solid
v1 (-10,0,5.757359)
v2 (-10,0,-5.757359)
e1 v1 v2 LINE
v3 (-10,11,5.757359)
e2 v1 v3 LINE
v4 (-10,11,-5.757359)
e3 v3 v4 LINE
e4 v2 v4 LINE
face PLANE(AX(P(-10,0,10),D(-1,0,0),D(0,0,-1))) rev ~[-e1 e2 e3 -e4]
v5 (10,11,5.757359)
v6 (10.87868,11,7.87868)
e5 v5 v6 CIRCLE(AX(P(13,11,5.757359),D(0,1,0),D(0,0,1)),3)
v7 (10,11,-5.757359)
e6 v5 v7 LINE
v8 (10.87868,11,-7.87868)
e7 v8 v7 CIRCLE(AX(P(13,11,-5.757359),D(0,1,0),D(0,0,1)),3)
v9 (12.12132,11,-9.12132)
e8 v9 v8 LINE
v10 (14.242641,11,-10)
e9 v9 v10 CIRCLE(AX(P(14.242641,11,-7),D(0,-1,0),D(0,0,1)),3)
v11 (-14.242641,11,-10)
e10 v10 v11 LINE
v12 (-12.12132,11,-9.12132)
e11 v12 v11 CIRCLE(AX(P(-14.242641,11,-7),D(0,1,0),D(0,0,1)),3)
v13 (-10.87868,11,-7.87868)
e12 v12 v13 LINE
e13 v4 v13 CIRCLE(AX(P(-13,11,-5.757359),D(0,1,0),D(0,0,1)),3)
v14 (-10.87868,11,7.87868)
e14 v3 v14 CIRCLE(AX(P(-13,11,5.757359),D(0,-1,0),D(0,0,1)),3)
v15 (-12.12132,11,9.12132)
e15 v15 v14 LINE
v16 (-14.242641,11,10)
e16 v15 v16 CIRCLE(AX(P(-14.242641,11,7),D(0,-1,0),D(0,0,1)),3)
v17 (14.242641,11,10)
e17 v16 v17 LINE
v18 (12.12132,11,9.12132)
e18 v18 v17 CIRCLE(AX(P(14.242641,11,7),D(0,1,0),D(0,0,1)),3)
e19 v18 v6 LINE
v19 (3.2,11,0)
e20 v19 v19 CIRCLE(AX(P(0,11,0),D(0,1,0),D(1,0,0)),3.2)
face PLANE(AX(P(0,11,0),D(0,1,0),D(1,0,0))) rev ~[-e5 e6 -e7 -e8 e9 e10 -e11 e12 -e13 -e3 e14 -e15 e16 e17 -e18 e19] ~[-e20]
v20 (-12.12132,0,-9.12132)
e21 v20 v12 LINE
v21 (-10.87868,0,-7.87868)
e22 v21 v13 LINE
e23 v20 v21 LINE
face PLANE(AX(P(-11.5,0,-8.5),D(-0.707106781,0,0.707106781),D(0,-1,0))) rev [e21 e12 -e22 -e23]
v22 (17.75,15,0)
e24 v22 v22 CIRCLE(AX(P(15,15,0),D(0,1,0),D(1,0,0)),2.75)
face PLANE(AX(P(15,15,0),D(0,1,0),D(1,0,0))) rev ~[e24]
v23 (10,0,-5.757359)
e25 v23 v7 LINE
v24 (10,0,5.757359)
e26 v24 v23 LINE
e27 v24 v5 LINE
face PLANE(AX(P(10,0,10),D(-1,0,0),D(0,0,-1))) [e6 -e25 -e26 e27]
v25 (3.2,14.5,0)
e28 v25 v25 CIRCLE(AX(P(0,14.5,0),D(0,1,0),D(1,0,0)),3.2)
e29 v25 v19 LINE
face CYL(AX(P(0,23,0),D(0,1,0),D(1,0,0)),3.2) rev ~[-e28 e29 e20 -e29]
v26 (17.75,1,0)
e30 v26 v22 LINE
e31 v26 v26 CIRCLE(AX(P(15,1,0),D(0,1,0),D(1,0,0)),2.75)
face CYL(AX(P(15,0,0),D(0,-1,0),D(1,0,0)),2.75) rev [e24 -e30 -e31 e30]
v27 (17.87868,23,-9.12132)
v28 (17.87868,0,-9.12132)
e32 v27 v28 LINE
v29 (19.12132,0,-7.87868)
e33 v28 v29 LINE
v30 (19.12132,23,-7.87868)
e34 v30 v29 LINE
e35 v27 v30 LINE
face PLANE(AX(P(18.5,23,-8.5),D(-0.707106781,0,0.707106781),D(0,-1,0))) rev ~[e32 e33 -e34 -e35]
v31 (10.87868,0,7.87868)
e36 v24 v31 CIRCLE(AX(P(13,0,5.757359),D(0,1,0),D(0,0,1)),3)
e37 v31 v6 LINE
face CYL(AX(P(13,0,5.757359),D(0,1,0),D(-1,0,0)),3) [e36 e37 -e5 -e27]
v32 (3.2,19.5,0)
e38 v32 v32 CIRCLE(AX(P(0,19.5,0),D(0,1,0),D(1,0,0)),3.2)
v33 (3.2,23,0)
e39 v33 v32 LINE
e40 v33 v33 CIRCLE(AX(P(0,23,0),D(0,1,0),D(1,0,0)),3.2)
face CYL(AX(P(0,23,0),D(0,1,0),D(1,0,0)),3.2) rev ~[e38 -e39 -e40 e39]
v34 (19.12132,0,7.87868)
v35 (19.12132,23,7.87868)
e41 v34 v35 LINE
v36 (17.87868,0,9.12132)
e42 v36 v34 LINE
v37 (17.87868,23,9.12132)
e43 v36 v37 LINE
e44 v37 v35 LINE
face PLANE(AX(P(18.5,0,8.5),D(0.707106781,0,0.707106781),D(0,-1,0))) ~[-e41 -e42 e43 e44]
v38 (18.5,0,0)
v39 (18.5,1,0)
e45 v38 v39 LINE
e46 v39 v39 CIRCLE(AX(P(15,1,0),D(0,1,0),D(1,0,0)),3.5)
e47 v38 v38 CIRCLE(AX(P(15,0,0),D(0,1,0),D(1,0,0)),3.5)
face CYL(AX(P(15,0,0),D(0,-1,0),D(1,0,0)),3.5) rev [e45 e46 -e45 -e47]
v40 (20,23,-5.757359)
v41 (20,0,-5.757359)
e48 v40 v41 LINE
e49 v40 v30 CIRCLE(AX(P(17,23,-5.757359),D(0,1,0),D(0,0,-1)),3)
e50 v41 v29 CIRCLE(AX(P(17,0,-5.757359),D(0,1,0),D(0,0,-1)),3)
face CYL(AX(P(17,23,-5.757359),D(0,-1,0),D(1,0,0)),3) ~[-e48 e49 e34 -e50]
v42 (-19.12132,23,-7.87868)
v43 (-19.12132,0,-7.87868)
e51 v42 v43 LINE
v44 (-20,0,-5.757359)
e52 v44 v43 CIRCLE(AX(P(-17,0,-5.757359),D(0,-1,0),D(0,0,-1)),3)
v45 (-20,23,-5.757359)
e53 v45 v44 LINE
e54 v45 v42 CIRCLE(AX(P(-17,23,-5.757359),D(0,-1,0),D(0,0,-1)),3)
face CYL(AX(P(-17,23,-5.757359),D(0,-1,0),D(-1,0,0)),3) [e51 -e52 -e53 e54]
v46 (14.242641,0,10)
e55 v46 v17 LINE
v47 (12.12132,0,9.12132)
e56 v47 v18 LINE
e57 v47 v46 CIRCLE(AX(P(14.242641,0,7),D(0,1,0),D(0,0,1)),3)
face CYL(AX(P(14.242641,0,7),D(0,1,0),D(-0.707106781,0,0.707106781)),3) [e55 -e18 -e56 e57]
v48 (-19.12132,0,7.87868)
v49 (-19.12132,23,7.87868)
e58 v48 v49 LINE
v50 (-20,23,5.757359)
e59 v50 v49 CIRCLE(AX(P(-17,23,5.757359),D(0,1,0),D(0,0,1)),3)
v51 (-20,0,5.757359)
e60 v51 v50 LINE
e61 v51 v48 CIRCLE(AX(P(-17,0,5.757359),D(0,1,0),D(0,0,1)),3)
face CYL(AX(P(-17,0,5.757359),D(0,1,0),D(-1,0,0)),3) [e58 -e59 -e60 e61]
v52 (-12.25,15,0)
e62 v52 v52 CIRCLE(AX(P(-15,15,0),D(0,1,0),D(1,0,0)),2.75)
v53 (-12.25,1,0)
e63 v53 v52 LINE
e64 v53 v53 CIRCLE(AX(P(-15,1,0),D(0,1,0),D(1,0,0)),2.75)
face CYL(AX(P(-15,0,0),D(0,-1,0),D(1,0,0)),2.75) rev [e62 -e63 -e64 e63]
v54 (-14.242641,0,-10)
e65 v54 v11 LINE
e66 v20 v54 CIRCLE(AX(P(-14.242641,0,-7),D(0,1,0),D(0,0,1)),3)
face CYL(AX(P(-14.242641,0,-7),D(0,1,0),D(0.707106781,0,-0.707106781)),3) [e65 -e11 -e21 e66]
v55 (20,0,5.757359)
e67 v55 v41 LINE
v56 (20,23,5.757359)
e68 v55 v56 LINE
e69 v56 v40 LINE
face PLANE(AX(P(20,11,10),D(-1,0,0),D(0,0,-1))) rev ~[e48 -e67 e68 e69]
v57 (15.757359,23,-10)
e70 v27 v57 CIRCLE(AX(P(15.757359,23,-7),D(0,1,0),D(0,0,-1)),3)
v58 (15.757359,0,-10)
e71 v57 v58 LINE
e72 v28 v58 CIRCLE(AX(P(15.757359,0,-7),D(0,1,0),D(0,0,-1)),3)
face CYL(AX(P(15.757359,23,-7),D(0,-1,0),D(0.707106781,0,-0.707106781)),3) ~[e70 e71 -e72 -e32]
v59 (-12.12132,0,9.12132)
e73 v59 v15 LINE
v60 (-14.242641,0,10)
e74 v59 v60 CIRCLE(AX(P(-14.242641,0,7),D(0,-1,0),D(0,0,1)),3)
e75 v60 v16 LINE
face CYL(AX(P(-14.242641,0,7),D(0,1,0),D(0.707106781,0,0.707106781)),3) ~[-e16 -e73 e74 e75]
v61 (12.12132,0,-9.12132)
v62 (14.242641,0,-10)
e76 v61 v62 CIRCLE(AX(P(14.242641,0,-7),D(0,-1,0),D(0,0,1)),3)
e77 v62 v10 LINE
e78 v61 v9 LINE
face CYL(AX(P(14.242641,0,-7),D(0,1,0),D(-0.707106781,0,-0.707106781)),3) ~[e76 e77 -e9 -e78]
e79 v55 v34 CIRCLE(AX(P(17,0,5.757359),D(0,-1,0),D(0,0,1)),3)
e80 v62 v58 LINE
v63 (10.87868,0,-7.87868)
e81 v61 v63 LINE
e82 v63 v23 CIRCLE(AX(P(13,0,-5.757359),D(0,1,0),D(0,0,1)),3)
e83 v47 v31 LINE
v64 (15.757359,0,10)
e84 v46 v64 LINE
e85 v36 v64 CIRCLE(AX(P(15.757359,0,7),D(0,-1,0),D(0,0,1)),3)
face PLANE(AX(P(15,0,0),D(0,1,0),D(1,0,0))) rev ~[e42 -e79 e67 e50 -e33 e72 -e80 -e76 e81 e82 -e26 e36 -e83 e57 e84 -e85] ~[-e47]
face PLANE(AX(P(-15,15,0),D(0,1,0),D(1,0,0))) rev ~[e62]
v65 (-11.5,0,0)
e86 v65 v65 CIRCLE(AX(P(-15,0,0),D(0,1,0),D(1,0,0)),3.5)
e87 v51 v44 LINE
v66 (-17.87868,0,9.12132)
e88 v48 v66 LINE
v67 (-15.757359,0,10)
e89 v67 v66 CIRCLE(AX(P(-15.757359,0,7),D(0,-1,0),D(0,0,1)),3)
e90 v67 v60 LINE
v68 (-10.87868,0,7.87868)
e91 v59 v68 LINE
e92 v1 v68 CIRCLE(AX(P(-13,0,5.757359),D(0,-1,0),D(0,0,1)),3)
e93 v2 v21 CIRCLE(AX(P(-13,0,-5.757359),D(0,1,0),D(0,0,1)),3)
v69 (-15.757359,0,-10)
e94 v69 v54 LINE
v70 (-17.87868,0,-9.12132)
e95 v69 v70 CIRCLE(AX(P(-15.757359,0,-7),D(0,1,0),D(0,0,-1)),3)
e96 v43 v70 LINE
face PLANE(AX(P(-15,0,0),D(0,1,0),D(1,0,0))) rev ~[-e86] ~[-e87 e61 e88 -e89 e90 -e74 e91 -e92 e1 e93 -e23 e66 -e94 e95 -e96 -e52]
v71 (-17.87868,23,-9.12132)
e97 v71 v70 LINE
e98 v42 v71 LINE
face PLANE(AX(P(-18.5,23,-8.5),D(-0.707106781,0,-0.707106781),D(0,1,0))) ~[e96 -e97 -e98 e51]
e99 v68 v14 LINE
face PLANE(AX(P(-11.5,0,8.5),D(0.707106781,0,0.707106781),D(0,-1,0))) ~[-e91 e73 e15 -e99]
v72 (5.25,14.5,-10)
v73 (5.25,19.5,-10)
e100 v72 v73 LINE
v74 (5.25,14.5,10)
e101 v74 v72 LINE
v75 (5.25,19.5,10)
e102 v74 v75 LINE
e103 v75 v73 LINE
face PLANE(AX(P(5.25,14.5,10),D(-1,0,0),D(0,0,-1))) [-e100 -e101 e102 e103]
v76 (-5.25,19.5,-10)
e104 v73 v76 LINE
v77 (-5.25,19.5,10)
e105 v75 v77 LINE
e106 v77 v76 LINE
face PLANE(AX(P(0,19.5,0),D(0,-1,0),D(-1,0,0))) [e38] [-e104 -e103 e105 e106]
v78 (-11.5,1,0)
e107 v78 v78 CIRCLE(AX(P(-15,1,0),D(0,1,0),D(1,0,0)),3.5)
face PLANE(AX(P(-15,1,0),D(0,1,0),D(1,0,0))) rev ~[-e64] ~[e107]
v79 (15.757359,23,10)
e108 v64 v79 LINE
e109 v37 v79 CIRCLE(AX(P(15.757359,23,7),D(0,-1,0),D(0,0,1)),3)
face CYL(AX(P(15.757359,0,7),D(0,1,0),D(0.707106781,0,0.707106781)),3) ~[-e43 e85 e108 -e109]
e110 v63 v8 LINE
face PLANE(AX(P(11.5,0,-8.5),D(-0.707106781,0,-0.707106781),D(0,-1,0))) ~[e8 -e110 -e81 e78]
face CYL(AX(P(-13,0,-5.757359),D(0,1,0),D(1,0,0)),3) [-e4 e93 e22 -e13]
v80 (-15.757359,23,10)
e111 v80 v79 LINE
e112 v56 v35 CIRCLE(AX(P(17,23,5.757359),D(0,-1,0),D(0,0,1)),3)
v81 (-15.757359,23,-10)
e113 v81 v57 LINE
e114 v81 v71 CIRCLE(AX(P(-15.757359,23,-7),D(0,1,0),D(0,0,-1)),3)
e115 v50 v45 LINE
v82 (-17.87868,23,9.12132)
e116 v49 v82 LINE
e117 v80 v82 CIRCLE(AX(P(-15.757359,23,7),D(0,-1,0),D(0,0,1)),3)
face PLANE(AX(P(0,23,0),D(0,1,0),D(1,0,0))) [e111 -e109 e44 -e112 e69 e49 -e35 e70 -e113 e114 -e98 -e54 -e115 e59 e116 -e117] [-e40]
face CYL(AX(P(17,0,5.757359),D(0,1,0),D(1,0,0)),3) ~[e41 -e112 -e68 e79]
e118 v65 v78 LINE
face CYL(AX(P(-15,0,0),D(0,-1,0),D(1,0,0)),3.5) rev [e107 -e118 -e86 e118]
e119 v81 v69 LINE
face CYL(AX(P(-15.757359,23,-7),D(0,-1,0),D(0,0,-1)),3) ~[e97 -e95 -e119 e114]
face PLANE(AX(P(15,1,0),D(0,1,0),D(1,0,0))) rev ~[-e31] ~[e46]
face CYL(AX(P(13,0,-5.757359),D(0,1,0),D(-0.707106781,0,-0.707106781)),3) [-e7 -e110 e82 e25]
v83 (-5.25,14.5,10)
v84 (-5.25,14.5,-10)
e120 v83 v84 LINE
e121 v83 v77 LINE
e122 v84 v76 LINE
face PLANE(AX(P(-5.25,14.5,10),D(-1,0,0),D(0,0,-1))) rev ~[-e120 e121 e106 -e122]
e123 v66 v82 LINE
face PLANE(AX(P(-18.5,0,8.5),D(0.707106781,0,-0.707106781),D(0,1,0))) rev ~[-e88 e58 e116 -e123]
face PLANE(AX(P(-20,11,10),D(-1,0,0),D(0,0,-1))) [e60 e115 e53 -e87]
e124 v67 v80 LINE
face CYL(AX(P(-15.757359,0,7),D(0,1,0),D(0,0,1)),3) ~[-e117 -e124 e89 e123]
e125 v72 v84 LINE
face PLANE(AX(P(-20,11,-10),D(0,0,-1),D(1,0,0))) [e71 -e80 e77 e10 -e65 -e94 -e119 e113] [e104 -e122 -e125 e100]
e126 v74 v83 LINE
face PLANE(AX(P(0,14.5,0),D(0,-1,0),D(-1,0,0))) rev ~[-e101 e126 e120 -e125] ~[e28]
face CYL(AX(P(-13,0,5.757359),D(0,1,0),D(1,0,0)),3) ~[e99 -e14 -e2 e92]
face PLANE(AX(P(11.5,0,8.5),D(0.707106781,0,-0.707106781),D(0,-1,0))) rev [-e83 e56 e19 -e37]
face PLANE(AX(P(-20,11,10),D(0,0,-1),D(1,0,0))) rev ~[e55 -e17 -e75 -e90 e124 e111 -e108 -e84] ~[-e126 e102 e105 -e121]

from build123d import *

# Parameters (mm, degrees)
ESQUISSE1_W             = 10
ESQUISSE1_H             = 20
BOSS_EXTRU_1_DEPTH      = 11
BOSS_EXTRU_1_2_DEPTH    = 11
ESQUISSE3_W             = 40
ESQUISSE3_H             = 20
BOSS_EXTRU_2_DEPTH      = 12
ENL_V_MAT_EXTRU_1_REACH = 34.078
ESQUISSE4_R             = 3.2
ESQUISSE1_3_R           = 2.75
ENL_V_MAT_EXTRU_3_DEPTH = 15
ESQUISSE1_4_R           = 3.5
ESQUISSE1_4_R_2         = 2.75
ENL_V_MAT_EXTRU_4_DEPTH = 1
CHANFREIN1_SIZE         = 3
CONG_1_R                = 3
ESQUISSE6_W             = 10.5
ESQUISSE6_H             = 20
ENL_V_MAT_EXTRU_5_DEPTH = 5


with BuildPart() as part:
    # Esquisse1 → Boss.-Extru.1 (new body)
    with BuildSketch(Plane(origin=(0, 0, 0), x_dir=(1, 0, 0), z_dir=(0, 1, 0))):
        with Locations((-15, 0)):
            Rectangle(ESQUISSE1_W, ESQUISSE1_H)
    extrude(amount=BOSS_EXTRU_1_DEPTH)



with BuildPart() as body_2:
    # Esquisse1 → Boss.-Extru.1 2 (new body)
    with BuildSketch(Plane(origin=(0, 0, 0), x_dir=(1, 0, 0), z_dir=(0, 1, 0))):
        with Locations((15, 0)):
            Rectangle(ESQUISSE1_W, ESQUISSE1_H)
    extrude(amount=BOSS_EXTRU_1_2_DEPTH)


with BuildPart() as part_1:
    add(part.part)

    add(body_2.part)  # Boss.-Extru.2 merges body 2
    # Esquisse3 → Boss.-Extru.2 (add)
    with BuildSketch(Plane(origin=(0, 11, 0), x_dir=(1, 0, 0), z_dir=(0, 1, 0))):
        Rectangle(ESQUISSE3_W, ESQUISSE3_H)
    extrude(amount=BOSS_EXTRU_2_DEPTH)

    # Esquisse4 → Enl_v. mat.-Extru.1 (cut, up to next)
    with BuildSketch(Plane(origin=(0, 23, 0), x_dir=(1, 0, 0), z_dir=(0, 1, 0)), mode=Mode.PRIVATE) as enl_v_mat_extru_1_sk1:
        Circle(ESQUISSE4_R)
    enl_v_mat_extru_1_tool1 = extrude(enl_v_mat_extru_1_sk1.sketch, amount=-ENL_V_MAT_EXTRU_1_REACH, mode=Mode.PRIVATE) & part_1.part
    add(enl_v_mat_extru_1_tool1.solids().sort_by_distance((0, 23, 0))[0], mode=Mode.SUBTRACT)

    # Esquisse1_3 → Enl_v. mat.-Extru.3 (cut)
    with BuildSketch(Plane(origin=(0, 0, 0), x_dir=(1, 0, 0), z_dir=(0, 1, 0))):
        with Locations((-15, 0)):
            Circle(ESQUISSE1_3_R)
        with Locations((15, 0)):
            Circle(ESQUISSE1_3_R)
    extrude(amount=ENL_V_MAT_EXTRU_3_DEPTH, mode=Mode.SUBTRACT)

    # Esquisse1_4 → Enl_v. mat.-Extru.4 (cut)
    # profile 1 of 2: a face of its own
    with BuildSketch(Plane(origin=(0, 0, 0), x_dir=(1, 0, 0), z_dir=(0, 1, 0))):
        with Locations((-15, 0)):
            Circle(ESQUISSE1_4_R)
        with Locations((-15, 0)):
            Circle(ESQUISSE1_4_R_2, mode=Mode.SUBTRACT)
    # profile 2 of 2: a face of its own
    with BuildSketch(Plane(origin=(0, 0, 0), x_dir=(1, 0, 0), z_dir=(0, 1, 0))):
        with Locations((15, 0)):
            Circle(ESQUISSE1_4_R)
        with Locations((15, 0)):
            Circle(ESQUISSE1_4_R_2, mode=Mode.SUBTRACT)
    extrude(amount=ENL_V_MAT_EXTRU_4_DEPTH, mode=Mode.SUBTRACT)

    # Chanfrein1
    chanfrein1_edges = [part_1.edges().sort_by_distance(p)[0] for p in [
        (10, 5.5, -10),
        (20, 11.5, -10),
        (10, 5.5, 10),
        (-10, 5.5, -10),
        (-10, 5.5, 10),
        (20, 11.5, 10),
        (-20, 11.5, -10),
        (-20, 11.5, 10),
    ]]
    chamfer(chanfrein1_edges, length=CHANFREIN1_SIZE)

    # Cong_1
    cong_1_edges = [part_1.edges().sort_by_distance(p)[0] for p in [
        (-10, 5.5, -7),
        (-13, 5.5, -10),
        (10, 5.5, -7),
        (13, 5.5, -10),
        (13, 5.5, 10),
        (17, 11.5, 10),
        (20, 11.5, 7),
        (20, 11.5, -7),
        (17, 11.5, -10),
        (-17, 11.5, -10),
        (-20, 11.5, -7),
        (-20, 11.5, 7),
        (-17, 11.5, 10),
        (-10, 5.5, 7),
        (-13, 5.5, 10),
        (10, 5.5, 7),
    ]]
    fillet(cong_1_edges, radius=CONG_1_R)

    # Esquisse6 → Enl_v. mat.-Extru.5 (cut)
    with BuildSketch(Plane(origin=(0, 14.5, 0), x_dir=(-1, 0, 0), z_dir=(0, -1, 0))):
        Rectangle(ESQUISSE6_W, ESQUISSE6_H)
    extrude(amount=-ENL_V_MAT_EXTRU_5_DEPTH, mode=Mode.SUBTRACT)


solid = part_1.part
